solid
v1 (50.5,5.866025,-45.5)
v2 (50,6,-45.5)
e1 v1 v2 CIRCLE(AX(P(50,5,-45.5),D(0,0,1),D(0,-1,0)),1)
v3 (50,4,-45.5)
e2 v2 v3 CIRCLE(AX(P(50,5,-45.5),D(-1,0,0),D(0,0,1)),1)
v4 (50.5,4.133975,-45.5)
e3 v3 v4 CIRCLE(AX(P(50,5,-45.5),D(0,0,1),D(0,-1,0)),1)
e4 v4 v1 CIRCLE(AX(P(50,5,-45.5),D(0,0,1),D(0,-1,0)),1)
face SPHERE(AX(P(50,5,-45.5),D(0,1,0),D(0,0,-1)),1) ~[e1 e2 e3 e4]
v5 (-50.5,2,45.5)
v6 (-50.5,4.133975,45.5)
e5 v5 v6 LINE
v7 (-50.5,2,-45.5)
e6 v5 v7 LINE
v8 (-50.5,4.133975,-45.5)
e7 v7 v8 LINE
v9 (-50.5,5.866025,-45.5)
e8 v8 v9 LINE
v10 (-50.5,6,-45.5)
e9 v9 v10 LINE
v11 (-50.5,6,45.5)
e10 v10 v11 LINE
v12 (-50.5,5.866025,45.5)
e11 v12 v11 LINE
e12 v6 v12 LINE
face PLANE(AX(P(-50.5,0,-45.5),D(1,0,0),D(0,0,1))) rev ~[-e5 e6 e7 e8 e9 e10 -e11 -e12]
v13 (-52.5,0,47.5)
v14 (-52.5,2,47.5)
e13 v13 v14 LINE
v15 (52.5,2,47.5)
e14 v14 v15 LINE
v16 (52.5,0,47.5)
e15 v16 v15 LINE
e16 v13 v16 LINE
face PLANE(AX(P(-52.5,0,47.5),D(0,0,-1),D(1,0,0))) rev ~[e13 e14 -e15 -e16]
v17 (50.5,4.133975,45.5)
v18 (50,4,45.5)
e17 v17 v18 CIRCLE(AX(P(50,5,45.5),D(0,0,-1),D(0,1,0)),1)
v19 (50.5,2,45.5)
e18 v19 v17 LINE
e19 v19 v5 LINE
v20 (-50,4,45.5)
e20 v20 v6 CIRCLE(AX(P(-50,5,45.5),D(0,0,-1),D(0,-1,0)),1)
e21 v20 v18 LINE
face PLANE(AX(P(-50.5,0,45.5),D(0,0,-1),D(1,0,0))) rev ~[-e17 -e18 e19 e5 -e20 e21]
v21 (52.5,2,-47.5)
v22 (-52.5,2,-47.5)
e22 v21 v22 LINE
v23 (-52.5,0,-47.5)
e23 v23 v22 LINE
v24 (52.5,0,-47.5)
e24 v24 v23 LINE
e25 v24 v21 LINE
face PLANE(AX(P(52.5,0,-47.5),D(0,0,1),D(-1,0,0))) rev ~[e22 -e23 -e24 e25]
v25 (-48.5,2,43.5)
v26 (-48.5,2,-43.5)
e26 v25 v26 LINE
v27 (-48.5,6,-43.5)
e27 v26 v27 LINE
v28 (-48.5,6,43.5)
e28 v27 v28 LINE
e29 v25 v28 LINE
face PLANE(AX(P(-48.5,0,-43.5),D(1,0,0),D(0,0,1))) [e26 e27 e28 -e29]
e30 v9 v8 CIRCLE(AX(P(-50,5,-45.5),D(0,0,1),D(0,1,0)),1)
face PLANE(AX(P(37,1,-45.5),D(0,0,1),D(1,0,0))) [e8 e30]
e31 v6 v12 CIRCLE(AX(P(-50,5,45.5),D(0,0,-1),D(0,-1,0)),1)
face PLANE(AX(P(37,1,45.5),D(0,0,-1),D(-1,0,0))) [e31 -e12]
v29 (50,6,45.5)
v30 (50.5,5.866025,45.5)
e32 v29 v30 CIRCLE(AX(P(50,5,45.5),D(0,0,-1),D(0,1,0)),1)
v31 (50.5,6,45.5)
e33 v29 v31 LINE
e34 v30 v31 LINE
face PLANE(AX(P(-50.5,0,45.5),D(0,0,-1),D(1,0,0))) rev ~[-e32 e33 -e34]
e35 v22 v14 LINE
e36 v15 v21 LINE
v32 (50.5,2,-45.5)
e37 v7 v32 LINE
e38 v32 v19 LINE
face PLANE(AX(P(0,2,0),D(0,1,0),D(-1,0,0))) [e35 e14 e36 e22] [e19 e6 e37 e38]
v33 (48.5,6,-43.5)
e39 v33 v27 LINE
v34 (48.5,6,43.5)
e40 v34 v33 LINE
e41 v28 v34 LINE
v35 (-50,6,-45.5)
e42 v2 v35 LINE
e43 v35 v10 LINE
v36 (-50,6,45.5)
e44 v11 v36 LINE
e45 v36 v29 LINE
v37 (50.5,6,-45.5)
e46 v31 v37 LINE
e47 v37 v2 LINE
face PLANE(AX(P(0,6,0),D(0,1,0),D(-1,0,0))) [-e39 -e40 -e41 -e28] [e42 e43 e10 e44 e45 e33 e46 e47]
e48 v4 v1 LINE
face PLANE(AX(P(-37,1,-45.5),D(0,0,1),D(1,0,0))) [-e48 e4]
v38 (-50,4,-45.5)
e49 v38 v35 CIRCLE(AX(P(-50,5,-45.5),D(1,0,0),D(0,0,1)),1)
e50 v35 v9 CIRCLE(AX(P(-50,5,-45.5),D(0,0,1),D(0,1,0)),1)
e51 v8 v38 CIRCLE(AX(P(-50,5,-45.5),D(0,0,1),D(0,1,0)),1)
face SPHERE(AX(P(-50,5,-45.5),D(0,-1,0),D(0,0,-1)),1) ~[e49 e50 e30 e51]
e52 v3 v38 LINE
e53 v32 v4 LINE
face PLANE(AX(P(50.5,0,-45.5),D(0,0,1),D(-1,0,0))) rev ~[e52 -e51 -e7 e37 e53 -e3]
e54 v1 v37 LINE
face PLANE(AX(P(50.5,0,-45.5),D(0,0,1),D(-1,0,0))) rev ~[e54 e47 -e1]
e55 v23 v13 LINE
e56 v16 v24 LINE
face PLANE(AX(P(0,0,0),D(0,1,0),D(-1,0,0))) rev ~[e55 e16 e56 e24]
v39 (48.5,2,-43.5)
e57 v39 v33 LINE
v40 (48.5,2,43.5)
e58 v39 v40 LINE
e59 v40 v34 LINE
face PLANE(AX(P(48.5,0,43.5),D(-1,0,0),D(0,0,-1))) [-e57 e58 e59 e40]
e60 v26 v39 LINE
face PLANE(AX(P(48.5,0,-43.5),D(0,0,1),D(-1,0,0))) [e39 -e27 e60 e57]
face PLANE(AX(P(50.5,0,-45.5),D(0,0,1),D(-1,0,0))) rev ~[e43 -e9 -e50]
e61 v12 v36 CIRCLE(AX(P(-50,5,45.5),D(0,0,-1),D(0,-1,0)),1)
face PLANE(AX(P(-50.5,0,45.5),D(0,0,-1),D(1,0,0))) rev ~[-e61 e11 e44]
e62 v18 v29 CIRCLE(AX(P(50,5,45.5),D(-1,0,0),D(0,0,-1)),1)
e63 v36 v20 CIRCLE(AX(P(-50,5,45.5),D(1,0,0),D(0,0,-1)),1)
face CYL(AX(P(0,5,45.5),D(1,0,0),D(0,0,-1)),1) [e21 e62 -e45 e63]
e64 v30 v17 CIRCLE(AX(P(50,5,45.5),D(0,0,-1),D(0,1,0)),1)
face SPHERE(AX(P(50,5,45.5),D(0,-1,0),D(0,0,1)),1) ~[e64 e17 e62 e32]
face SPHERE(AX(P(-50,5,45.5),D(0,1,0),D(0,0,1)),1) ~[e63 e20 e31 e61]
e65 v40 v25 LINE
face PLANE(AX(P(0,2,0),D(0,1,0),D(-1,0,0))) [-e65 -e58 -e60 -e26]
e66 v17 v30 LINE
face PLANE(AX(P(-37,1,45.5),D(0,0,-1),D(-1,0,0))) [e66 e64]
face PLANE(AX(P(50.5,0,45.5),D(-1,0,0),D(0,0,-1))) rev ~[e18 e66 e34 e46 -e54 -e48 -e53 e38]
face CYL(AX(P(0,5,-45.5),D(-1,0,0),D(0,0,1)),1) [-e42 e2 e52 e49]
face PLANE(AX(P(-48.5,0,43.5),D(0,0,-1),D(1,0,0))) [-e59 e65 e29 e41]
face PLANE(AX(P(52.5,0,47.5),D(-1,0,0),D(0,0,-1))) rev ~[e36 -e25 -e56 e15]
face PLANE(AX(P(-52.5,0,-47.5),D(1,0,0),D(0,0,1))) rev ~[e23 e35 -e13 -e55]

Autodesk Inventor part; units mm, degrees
ref_plane "YZ Plane" through (0, 0, 0) normal (1, 0, 0) x (0, 1, 0)
ref_plane "XZ Plane" through (0, 0, 0) normal (0, 1, 0) x (-1, 0, 0)
ref_plane "XY Plane" through (0, 0, 0) normal (0, 0, 1) x (1, 0, 0)
sketch "Master_XZ" plane through (0, 0, 0) normal (0, 1, 0) x (-1, 0, 0)
  line L0 (52.5, 47.5) -> (-52.5, 47.5)
  line L1 (-52.5, 47.5) -> (-52.5, -47.5)
  line L2 (-52.5, -47.5) -> (52.5, -47.5)
  line L3 (52.5, -47.5) -> (52.5, 47.5)
  line L4 (52.5, 47.5) -> (-52.5, -47.5) construction
  line L5 (-52.5, 47.5) -> (52.5, -47.5) construction
  line L6 (50.5, 45.5) -> (-50.5, 45.5)
  line L7 (-50.5, 45.5) -> (-50.5, -45.5)
  line L8 (-50.5, -45.5) -> (50.5, -45.5)
  line L9 (50.5, -45.5) -> (50.5, 45.5)
  line L10 (48.5, 43.5) -> (-48.5, 43.5)
  line L11 (-48.5, 43.5) -> (-48.5, -43.5)
  line L12 (-48.5, -43.5) -> (48.5, -43.5)
  line L13 (48.5, -43.5) -> (48.5, 43.5)
  point P0 (0, 0)
  dimension "d0" = 2
  dimension "d1" = 2
  dimension "d10" = 105
  dimension "d15" = 95
extrude "Floor" add sketch "Master_XZ" along normal blind 2 contours L3 L2 L1 L0 | L9 L8 L7 L6 | L13 L12 L11 L10
extrude "Walls" add sketch "Master_XZ" along normal blind 6 contours L9 L8 L7 L6
sketch "Lip_profile" plane through (0, 1, -41.5) normal (1, 0, 0) x (0, 0, -1)
  line L0 (-87, 1) -> (-87, 5) projected
  circle A0 centre (-87, 4) radius 1
  line L1 (-87, 5) -> (4, 5) projected
  line L2 (-87, 5) -> (-87, 3)
  point P0 (-41.5, -1)
  dimension "d6" = 2
  dimension "d7" = 1
extrude "Lip" add sketch "Lip_profile" along normal mid plane 100
sketch "Sketch3" plane through (50, 1, -41.5) normal (1, 0, 0) x (0, 0, -1)
  line L0 (-87, 5) -> (-87, 3) projected
  line L1 (-87, 5) -> (-87, 3) projected
  arc A0 (-87, 5) -> (-87, 3) centre (-87, 4) ccw projected
  point P0 (-41.5, -1)
revolve "Lip_edge_right" add sketch "Sketch3" angle 90 about axis through (50, 6, 45.5) along (0, 1, 0)
sketch "Sketch4" plane through (-50, 1, -41.5) normal (-1, 0, 0) x (0, 0, 1)
  line L0 (87, 3) -> (87, 5) projected
  arc A0 (87, 3) -> (87, 5) centre (87, 4) ccw projected
  point P0 (41.5, -1)
revolve "Lip_edge_left" add sketch "Sketch4" angle 90 about axis through (-50, 4, 45.5) along (0, -1, 0)
pattern_circular "Circular Pattern1" count 2 over 360 about axis through (0, -10, 0) along (0, 1, 0) of "Lip", "Lip_edge_right", "Lip_edge_left"
properties part number "BARB_bottom" material "ABS Plastic"
